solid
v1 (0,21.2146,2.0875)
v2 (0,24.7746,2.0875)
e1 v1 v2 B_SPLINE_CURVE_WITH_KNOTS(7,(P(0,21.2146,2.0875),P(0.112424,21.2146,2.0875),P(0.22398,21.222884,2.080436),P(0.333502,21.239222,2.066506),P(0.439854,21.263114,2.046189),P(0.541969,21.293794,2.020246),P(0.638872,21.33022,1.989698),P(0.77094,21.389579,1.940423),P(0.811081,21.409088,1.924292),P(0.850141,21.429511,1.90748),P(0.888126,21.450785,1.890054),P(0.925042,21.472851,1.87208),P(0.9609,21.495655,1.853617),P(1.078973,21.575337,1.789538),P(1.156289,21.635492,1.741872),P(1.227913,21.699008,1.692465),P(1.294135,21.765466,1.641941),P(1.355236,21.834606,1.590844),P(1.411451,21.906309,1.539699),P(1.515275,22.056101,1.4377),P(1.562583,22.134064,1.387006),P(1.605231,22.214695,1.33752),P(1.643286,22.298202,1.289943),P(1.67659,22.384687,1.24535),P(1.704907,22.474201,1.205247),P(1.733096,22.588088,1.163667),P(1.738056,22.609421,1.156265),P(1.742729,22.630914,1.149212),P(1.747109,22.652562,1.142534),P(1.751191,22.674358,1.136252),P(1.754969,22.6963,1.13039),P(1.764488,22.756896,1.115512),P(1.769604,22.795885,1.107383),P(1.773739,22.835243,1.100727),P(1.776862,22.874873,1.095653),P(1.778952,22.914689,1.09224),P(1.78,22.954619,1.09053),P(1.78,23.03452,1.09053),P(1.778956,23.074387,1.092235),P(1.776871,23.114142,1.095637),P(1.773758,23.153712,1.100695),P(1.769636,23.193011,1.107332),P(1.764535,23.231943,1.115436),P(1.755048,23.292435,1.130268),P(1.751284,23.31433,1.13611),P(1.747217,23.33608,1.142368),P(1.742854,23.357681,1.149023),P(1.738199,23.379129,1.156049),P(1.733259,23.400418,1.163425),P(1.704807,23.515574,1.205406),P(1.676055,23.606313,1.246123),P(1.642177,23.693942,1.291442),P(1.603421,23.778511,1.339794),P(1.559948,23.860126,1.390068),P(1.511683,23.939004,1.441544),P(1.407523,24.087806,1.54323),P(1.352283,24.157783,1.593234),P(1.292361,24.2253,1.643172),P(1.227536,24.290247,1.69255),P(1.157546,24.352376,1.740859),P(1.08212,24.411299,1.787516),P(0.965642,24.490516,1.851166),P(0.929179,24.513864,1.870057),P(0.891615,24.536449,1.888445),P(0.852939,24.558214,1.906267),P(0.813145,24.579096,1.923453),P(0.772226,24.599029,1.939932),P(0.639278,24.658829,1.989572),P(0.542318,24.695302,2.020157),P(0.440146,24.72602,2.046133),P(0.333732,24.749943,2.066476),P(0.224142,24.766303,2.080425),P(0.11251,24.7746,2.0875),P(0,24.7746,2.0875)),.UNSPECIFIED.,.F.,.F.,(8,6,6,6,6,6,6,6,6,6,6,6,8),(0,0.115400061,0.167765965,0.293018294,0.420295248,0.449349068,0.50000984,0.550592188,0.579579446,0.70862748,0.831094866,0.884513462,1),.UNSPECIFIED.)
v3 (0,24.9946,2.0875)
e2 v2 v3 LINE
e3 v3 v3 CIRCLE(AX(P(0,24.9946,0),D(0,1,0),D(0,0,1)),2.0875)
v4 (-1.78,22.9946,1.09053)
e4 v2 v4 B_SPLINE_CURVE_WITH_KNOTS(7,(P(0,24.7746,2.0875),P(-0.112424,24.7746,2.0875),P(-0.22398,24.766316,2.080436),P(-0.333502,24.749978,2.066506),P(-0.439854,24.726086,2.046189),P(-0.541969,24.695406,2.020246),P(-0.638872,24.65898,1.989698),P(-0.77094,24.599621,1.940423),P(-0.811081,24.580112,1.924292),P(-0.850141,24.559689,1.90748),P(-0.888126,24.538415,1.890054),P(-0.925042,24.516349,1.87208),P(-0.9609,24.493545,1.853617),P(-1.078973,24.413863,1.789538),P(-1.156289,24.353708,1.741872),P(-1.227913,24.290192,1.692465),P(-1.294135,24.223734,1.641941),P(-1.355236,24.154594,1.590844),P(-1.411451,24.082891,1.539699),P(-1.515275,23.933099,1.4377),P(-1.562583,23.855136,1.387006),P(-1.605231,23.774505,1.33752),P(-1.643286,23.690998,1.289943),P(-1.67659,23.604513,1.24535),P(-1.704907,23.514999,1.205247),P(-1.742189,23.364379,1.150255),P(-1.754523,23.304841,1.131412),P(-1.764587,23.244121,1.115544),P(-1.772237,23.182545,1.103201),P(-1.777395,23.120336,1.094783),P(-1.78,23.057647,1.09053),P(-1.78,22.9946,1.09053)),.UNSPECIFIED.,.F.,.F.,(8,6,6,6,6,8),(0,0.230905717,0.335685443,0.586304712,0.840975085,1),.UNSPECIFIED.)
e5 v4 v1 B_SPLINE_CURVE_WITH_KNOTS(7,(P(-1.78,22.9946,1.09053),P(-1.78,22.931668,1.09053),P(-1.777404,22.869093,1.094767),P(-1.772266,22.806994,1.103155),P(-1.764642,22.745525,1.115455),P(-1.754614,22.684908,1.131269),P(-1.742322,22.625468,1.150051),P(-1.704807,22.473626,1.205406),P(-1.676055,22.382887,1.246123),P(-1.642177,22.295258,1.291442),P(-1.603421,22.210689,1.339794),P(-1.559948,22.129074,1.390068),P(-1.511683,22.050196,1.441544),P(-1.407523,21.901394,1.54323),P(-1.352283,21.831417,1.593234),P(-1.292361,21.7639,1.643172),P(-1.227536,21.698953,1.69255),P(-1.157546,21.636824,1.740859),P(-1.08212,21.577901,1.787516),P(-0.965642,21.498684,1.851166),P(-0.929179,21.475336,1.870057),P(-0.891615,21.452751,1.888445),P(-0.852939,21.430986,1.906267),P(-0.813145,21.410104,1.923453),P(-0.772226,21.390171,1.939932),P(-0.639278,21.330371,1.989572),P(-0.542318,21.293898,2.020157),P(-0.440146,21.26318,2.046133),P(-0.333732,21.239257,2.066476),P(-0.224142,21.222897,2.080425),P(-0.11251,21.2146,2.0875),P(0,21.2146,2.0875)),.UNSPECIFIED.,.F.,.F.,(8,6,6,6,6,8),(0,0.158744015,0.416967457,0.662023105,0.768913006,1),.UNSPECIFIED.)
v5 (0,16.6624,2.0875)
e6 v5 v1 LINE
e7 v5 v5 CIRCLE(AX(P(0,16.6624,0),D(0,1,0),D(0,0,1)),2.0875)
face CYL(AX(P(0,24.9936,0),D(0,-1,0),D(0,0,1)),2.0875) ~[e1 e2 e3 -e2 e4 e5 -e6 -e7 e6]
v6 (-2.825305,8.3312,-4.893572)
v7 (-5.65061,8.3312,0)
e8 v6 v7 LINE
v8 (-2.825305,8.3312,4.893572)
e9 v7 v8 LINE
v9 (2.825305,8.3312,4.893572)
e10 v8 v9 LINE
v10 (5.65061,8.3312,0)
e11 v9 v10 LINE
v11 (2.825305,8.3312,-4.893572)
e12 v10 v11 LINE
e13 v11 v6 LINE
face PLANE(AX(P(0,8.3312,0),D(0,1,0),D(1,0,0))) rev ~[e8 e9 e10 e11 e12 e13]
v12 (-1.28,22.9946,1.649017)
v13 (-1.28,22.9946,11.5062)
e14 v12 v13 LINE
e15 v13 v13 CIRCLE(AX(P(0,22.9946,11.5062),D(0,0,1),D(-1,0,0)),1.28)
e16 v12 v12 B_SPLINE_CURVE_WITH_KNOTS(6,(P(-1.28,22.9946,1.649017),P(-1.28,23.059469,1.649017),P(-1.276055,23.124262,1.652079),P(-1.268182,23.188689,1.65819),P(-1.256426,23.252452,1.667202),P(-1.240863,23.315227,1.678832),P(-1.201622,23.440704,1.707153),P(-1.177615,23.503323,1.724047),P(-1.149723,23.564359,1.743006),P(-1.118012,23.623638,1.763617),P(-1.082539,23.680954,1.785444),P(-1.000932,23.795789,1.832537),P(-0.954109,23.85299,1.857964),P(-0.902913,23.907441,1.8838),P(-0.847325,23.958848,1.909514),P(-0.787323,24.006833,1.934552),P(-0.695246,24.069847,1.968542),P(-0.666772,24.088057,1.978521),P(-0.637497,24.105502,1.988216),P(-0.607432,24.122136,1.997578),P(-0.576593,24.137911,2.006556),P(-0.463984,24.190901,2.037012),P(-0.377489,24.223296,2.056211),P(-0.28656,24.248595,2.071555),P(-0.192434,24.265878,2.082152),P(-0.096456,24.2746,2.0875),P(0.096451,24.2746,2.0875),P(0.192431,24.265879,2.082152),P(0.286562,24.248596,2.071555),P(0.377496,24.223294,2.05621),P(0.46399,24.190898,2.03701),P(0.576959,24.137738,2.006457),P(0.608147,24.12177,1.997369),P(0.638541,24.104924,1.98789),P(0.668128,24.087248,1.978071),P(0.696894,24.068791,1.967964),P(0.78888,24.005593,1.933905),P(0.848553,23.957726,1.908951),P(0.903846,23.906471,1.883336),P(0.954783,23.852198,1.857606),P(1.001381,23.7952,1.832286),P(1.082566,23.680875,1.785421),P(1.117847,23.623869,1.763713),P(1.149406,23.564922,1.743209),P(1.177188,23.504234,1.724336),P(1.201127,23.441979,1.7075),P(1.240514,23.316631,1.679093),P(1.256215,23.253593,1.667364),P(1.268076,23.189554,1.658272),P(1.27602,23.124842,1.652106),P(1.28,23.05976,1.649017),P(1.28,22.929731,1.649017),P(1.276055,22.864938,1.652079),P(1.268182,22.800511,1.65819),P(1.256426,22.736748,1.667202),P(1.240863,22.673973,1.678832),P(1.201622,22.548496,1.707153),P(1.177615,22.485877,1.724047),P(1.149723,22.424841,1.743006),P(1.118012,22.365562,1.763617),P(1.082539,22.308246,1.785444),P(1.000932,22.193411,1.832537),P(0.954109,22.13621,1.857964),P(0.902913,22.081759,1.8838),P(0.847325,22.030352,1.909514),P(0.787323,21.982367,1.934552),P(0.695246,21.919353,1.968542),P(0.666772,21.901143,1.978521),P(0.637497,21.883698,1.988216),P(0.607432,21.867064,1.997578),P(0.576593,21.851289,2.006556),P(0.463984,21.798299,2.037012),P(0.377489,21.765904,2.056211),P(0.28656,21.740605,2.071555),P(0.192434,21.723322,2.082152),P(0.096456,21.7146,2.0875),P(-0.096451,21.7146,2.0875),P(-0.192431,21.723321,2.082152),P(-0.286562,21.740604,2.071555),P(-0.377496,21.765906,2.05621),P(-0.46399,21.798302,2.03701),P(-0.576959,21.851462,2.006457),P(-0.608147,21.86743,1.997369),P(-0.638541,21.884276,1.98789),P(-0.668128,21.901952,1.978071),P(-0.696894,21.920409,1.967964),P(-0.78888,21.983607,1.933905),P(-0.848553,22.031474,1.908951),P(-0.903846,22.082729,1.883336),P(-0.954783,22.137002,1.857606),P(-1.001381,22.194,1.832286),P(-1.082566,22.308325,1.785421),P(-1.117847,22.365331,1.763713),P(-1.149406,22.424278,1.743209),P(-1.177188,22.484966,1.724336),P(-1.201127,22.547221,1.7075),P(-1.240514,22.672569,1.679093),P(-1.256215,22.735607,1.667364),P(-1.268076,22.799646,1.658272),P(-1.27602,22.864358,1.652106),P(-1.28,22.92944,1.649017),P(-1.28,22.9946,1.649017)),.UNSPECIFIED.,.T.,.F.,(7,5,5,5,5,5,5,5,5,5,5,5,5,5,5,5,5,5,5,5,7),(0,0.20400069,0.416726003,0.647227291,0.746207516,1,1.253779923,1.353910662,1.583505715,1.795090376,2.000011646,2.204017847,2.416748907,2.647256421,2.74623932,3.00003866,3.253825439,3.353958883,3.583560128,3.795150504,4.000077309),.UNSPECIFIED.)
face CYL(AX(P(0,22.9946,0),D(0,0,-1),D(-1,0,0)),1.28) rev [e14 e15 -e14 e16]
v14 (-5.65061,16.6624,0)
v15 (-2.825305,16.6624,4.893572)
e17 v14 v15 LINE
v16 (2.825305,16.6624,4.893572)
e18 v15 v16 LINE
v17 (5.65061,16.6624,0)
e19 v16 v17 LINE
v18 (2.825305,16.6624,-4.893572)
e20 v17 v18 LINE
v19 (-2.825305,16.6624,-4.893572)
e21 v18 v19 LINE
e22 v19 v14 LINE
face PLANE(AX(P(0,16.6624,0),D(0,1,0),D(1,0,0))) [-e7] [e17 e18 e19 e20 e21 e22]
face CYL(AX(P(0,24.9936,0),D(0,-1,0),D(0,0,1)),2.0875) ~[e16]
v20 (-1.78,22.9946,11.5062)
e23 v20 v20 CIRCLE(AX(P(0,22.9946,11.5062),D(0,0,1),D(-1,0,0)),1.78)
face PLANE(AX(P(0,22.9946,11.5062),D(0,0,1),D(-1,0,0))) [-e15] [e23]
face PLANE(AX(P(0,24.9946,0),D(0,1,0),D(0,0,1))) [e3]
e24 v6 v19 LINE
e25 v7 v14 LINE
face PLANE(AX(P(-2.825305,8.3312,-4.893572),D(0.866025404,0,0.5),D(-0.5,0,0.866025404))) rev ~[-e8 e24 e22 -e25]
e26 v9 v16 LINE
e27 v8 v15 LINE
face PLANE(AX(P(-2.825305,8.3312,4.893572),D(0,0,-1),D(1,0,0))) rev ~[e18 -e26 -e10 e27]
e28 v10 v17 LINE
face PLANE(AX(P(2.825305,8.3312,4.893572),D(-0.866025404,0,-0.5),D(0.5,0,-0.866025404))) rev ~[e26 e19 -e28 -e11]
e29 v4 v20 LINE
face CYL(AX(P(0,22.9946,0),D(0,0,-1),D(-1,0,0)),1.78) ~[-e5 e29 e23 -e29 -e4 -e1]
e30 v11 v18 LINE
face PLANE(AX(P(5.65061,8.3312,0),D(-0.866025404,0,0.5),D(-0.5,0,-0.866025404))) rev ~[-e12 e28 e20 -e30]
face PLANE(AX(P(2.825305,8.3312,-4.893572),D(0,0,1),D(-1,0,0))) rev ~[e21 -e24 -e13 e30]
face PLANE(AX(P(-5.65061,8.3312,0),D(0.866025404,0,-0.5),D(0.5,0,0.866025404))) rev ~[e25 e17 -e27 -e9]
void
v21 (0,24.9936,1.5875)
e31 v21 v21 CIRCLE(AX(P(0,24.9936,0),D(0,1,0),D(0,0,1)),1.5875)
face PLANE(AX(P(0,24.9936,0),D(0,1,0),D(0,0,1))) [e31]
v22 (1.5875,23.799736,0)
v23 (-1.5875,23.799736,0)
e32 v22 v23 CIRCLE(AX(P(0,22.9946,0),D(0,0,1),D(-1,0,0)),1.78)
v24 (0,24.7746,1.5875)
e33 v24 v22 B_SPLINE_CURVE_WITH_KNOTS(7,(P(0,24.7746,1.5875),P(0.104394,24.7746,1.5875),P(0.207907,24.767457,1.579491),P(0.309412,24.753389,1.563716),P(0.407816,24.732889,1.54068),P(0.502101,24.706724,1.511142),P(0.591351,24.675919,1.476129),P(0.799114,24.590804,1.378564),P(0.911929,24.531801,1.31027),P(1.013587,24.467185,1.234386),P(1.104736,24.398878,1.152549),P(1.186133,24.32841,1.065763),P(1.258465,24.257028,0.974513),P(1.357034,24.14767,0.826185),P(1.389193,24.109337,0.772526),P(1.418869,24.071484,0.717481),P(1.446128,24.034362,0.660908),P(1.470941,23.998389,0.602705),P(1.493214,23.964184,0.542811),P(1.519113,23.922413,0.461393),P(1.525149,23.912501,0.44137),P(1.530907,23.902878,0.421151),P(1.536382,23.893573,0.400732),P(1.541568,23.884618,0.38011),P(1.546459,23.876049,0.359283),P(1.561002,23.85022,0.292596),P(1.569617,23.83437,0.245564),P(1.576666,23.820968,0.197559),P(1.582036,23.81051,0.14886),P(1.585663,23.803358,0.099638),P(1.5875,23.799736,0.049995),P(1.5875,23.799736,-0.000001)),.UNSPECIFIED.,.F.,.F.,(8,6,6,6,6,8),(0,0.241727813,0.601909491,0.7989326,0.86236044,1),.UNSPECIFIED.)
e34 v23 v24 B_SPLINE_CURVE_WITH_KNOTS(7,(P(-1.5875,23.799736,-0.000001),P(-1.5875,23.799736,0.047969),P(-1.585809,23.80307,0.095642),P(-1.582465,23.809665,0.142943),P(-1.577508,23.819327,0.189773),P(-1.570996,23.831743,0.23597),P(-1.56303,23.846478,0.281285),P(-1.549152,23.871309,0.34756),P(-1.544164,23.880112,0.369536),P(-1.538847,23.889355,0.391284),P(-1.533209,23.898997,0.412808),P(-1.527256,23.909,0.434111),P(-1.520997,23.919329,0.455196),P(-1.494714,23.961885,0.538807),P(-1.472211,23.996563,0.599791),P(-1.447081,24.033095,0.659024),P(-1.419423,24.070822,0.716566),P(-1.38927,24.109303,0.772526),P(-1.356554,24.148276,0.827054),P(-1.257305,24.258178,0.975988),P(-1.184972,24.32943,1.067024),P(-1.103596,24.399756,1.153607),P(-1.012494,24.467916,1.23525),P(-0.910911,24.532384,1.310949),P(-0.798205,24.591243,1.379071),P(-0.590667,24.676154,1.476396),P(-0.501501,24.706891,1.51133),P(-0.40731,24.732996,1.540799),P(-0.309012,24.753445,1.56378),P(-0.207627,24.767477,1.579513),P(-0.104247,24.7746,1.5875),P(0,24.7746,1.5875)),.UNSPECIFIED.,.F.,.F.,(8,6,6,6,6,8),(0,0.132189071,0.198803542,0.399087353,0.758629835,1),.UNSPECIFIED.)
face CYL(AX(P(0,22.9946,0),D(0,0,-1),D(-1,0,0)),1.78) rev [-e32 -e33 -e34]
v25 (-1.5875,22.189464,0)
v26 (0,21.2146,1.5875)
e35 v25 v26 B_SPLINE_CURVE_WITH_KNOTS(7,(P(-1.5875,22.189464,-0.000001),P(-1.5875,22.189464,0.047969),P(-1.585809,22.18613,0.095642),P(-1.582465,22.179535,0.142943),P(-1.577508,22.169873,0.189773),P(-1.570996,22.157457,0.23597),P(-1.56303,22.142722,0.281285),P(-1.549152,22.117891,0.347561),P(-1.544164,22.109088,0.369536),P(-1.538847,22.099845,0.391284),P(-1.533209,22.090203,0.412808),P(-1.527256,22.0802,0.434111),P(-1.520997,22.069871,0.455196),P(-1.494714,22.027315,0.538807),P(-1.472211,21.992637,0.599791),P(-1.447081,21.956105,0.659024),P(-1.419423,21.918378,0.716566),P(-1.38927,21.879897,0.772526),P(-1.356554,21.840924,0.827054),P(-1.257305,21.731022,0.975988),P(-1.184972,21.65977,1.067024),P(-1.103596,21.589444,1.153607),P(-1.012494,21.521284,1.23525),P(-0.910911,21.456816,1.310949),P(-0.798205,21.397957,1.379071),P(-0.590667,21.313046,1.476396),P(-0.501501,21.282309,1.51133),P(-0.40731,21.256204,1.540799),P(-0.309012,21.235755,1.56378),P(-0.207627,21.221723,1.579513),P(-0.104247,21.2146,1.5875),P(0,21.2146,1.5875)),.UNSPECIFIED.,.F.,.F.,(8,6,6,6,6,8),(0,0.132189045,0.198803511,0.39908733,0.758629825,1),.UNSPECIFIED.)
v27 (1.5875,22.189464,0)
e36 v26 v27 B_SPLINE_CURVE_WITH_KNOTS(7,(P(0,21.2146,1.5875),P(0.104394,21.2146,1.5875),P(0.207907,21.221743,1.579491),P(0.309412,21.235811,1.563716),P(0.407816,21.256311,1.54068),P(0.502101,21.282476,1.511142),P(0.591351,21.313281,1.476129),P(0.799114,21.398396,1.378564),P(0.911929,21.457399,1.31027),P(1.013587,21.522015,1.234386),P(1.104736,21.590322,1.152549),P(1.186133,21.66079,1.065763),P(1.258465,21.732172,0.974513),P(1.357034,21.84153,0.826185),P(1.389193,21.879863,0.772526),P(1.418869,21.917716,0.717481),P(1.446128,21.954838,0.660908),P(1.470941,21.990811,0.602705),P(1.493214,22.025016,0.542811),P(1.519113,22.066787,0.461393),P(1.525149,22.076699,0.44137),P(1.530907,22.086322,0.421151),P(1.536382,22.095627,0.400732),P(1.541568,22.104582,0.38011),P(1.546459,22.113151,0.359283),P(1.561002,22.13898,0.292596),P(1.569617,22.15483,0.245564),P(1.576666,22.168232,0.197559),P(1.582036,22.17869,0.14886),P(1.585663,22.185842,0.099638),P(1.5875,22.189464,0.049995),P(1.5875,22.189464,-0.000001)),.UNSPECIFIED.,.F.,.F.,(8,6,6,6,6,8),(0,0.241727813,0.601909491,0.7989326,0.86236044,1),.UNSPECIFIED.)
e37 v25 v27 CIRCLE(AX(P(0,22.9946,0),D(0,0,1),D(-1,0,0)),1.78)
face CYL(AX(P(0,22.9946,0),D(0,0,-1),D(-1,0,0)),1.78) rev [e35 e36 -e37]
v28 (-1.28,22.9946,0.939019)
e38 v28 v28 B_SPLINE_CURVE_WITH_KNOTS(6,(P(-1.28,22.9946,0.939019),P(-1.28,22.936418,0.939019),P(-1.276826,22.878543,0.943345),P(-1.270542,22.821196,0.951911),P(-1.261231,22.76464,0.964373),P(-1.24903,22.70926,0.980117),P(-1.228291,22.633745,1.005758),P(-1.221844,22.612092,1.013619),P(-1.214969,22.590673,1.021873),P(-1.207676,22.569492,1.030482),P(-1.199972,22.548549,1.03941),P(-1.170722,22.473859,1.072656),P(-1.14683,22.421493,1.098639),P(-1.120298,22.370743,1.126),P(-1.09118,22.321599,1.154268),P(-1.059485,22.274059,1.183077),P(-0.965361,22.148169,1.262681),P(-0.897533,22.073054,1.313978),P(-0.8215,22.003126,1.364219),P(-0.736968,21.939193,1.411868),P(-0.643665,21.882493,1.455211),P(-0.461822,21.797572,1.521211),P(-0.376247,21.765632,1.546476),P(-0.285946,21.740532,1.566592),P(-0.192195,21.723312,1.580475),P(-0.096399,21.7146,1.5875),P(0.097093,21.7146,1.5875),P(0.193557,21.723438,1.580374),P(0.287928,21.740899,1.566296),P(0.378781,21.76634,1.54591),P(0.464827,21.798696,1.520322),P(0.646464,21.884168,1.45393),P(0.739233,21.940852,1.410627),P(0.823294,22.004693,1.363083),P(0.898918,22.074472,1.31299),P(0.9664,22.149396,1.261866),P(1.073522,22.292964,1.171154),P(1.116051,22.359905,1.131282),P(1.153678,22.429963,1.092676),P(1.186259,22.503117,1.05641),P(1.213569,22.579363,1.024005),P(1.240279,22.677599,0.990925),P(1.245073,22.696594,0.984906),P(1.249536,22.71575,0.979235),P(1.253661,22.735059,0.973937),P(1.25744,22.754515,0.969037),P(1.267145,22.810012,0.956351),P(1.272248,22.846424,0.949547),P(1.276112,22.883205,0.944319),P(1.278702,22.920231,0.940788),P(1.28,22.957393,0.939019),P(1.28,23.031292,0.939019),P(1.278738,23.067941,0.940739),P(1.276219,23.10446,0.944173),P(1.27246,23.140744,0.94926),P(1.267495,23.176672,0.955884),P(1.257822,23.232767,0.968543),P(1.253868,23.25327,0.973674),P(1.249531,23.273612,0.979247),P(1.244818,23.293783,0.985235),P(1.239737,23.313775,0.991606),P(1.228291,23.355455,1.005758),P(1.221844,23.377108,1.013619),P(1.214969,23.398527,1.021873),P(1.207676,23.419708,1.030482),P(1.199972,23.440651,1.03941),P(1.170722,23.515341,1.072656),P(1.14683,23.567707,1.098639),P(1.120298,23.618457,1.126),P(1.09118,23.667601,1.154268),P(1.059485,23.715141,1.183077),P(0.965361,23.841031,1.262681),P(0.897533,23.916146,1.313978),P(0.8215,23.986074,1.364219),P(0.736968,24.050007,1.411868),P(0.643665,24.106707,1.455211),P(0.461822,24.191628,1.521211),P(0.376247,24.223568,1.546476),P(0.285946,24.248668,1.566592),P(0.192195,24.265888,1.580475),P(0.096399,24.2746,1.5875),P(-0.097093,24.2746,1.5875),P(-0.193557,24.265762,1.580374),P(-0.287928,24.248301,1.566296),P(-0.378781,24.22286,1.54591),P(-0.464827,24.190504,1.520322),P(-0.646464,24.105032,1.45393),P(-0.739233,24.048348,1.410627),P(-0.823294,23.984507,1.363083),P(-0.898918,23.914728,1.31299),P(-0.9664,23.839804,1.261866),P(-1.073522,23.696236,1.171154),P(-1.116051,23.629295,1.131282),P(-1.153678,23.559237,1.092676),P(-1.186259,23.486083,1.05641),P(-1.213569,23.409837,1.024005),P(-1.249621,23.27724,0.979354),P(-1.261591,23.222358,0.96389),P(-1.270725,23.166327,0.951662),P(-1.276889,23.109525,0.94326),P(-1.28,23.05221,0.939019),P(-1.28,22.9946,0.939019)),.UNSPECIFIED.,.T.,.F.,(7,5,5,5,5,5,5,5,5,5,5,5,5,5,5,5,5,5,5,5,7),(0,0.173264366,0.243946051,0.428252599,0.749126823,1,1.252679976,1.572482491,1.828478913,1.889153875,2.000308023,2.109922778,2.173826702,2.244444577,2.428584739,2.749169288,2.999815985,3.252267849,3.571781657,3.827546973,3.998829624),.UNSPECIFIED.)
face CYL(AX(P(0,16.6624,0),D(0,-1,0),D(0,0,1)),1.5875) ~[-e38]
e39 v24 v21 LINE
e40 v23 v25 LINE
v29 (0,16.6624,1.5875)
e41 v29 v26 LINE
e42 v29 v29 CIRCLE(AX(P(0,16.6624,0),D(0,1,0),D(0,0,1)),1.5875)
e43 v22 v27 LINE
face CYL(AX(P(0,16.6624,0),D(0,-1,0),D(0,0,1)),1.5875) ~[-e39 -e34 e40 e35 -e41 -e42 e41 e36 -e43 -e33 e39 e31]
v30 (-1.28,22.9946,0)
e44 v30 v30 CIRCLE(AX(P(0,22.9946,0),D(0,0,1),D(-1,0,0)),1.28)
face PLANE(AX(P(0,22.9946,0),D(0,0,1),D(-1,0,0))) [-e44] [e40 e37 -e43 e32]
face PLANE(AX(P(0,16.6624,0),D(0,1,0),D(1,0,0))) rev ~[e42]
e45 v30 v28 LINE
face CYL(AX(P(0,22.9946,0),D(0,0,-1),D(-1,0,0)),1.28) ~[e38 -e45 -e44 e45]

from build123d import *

# Parameters (mm, degrees)
SKETCH1_R           = 4.7625
SKETCH1_R_2         = 3.175
BOSS_EXTRUDE1_DEPTH = 8.3312
BOSS_EXTRUDE2_DEPTH = 8.3312
SKETCH3_R           = 2.0875
SKETCH3_R_2         = 1.5875
BOSS_EXTRUDE3_DEPTH = 8.3312
SKETCH4_R           = 2.0875
BOSS_EXTRUDE4_DEPTH = 0.001
SKETCH5_R           = 1.78
SKETCH5_R_2         = 1.28
BOSS_EXTRUDE5_DEPTH = 11.5062
SKETCH6_R           = 10.258070852
CUT_EXTRUDE1_DEPTH  = 8.3312


with BuildPart() as part:
    # Sketch1 → Boss-Extrude1 (new body)
    with BuildSketch(Plane(origin=(0, 0, 0), x_dir=(1, 0, 0), z_dir=(0, 1, 0))):
        with Locations(Location((0, 0, 0), (0, 0, 270))):
            Circle(SKETCH1_R)
        with Locations(Location((0, 0, 0), (0, 0, 270))):
            Circle(SKETCH1_R_2, mode=Mode.SUBTRACT)
    extrude(amount=BOSS_EXTRUDE1_DEPTH)

    # Sketch2 → Boss-Extrude2 (add)
    with BuildSketch(Plane(origin=(0, 8.3312, 0), x_dir=(1, 0, 0), z_dir=(0, 1, 0))):
        Polygon((5.65061043, 0), (2.825305215, 4.893572179), (-2.825305215, 4.893572179), (-5.65061043, 0), (-2.825305215, -4.893572179), (2.825305215, -4.893572179), align=None)
    extrude(amount=BOSS_EXTRUDE2_DEPTH)

    # Sketch3 → Boss-Extrude3 (add)
    with BuildSketch(Plane(origin=(0, 16.6624, 0), x_dir=(1, 0, 0), z_dir=(0, 1, 0))):
        with Locations(Location((0, 0, 0), (0, 0, 270))):
            Circle(SKETCH3_R)
        with Locations(Location((0, 0, 0), (0, 0, 270))):
            Circle(SKETCH3_R_2, mode=Mode.SUBTRACT)
    extrude(amount=BOSS_EXTRUDE3_DEPTH)

    # Sketch4 → Boss-Extrude4 (add)
    with BuildSketch(Plane(origin=(0, 24.9936, 0), x_dir=(1, 0, 0), z_dir=(0, 1, 0))):
        with Locations(Location((0, 0, 0), (0, 0, 270))):
            Circle(SKETCH4_R)
    extrude(amount=BOSS_EXTRUDE4_DEPTH)

    # Sketch5 → Boss-Extrude5 (add)
    with BuildSketch(Plane.XY):
        with Locations(Location((0, 22.9946, 0), (0, 0, 180))):
            Circle(SKETCH5_R)
        with Locations(Location((0, 22.9946, 0), (0, 0, 180))):
            Circle(SKETCH5_R_2, mode=Mode.SUBTRACT)
    extrude(amount=BOSS_EXTRUDE5_DEPTH)

    # Sketch6 → Cut-Extrude1 (cut)
    with BuildSketch(Plane.XZ):
        Circle(SKETCH6_R)
    extrude(amount=-CUT_EXTRUDE1_DEPTH, mode=Mode.SUBTRACT)


solid = part.part
